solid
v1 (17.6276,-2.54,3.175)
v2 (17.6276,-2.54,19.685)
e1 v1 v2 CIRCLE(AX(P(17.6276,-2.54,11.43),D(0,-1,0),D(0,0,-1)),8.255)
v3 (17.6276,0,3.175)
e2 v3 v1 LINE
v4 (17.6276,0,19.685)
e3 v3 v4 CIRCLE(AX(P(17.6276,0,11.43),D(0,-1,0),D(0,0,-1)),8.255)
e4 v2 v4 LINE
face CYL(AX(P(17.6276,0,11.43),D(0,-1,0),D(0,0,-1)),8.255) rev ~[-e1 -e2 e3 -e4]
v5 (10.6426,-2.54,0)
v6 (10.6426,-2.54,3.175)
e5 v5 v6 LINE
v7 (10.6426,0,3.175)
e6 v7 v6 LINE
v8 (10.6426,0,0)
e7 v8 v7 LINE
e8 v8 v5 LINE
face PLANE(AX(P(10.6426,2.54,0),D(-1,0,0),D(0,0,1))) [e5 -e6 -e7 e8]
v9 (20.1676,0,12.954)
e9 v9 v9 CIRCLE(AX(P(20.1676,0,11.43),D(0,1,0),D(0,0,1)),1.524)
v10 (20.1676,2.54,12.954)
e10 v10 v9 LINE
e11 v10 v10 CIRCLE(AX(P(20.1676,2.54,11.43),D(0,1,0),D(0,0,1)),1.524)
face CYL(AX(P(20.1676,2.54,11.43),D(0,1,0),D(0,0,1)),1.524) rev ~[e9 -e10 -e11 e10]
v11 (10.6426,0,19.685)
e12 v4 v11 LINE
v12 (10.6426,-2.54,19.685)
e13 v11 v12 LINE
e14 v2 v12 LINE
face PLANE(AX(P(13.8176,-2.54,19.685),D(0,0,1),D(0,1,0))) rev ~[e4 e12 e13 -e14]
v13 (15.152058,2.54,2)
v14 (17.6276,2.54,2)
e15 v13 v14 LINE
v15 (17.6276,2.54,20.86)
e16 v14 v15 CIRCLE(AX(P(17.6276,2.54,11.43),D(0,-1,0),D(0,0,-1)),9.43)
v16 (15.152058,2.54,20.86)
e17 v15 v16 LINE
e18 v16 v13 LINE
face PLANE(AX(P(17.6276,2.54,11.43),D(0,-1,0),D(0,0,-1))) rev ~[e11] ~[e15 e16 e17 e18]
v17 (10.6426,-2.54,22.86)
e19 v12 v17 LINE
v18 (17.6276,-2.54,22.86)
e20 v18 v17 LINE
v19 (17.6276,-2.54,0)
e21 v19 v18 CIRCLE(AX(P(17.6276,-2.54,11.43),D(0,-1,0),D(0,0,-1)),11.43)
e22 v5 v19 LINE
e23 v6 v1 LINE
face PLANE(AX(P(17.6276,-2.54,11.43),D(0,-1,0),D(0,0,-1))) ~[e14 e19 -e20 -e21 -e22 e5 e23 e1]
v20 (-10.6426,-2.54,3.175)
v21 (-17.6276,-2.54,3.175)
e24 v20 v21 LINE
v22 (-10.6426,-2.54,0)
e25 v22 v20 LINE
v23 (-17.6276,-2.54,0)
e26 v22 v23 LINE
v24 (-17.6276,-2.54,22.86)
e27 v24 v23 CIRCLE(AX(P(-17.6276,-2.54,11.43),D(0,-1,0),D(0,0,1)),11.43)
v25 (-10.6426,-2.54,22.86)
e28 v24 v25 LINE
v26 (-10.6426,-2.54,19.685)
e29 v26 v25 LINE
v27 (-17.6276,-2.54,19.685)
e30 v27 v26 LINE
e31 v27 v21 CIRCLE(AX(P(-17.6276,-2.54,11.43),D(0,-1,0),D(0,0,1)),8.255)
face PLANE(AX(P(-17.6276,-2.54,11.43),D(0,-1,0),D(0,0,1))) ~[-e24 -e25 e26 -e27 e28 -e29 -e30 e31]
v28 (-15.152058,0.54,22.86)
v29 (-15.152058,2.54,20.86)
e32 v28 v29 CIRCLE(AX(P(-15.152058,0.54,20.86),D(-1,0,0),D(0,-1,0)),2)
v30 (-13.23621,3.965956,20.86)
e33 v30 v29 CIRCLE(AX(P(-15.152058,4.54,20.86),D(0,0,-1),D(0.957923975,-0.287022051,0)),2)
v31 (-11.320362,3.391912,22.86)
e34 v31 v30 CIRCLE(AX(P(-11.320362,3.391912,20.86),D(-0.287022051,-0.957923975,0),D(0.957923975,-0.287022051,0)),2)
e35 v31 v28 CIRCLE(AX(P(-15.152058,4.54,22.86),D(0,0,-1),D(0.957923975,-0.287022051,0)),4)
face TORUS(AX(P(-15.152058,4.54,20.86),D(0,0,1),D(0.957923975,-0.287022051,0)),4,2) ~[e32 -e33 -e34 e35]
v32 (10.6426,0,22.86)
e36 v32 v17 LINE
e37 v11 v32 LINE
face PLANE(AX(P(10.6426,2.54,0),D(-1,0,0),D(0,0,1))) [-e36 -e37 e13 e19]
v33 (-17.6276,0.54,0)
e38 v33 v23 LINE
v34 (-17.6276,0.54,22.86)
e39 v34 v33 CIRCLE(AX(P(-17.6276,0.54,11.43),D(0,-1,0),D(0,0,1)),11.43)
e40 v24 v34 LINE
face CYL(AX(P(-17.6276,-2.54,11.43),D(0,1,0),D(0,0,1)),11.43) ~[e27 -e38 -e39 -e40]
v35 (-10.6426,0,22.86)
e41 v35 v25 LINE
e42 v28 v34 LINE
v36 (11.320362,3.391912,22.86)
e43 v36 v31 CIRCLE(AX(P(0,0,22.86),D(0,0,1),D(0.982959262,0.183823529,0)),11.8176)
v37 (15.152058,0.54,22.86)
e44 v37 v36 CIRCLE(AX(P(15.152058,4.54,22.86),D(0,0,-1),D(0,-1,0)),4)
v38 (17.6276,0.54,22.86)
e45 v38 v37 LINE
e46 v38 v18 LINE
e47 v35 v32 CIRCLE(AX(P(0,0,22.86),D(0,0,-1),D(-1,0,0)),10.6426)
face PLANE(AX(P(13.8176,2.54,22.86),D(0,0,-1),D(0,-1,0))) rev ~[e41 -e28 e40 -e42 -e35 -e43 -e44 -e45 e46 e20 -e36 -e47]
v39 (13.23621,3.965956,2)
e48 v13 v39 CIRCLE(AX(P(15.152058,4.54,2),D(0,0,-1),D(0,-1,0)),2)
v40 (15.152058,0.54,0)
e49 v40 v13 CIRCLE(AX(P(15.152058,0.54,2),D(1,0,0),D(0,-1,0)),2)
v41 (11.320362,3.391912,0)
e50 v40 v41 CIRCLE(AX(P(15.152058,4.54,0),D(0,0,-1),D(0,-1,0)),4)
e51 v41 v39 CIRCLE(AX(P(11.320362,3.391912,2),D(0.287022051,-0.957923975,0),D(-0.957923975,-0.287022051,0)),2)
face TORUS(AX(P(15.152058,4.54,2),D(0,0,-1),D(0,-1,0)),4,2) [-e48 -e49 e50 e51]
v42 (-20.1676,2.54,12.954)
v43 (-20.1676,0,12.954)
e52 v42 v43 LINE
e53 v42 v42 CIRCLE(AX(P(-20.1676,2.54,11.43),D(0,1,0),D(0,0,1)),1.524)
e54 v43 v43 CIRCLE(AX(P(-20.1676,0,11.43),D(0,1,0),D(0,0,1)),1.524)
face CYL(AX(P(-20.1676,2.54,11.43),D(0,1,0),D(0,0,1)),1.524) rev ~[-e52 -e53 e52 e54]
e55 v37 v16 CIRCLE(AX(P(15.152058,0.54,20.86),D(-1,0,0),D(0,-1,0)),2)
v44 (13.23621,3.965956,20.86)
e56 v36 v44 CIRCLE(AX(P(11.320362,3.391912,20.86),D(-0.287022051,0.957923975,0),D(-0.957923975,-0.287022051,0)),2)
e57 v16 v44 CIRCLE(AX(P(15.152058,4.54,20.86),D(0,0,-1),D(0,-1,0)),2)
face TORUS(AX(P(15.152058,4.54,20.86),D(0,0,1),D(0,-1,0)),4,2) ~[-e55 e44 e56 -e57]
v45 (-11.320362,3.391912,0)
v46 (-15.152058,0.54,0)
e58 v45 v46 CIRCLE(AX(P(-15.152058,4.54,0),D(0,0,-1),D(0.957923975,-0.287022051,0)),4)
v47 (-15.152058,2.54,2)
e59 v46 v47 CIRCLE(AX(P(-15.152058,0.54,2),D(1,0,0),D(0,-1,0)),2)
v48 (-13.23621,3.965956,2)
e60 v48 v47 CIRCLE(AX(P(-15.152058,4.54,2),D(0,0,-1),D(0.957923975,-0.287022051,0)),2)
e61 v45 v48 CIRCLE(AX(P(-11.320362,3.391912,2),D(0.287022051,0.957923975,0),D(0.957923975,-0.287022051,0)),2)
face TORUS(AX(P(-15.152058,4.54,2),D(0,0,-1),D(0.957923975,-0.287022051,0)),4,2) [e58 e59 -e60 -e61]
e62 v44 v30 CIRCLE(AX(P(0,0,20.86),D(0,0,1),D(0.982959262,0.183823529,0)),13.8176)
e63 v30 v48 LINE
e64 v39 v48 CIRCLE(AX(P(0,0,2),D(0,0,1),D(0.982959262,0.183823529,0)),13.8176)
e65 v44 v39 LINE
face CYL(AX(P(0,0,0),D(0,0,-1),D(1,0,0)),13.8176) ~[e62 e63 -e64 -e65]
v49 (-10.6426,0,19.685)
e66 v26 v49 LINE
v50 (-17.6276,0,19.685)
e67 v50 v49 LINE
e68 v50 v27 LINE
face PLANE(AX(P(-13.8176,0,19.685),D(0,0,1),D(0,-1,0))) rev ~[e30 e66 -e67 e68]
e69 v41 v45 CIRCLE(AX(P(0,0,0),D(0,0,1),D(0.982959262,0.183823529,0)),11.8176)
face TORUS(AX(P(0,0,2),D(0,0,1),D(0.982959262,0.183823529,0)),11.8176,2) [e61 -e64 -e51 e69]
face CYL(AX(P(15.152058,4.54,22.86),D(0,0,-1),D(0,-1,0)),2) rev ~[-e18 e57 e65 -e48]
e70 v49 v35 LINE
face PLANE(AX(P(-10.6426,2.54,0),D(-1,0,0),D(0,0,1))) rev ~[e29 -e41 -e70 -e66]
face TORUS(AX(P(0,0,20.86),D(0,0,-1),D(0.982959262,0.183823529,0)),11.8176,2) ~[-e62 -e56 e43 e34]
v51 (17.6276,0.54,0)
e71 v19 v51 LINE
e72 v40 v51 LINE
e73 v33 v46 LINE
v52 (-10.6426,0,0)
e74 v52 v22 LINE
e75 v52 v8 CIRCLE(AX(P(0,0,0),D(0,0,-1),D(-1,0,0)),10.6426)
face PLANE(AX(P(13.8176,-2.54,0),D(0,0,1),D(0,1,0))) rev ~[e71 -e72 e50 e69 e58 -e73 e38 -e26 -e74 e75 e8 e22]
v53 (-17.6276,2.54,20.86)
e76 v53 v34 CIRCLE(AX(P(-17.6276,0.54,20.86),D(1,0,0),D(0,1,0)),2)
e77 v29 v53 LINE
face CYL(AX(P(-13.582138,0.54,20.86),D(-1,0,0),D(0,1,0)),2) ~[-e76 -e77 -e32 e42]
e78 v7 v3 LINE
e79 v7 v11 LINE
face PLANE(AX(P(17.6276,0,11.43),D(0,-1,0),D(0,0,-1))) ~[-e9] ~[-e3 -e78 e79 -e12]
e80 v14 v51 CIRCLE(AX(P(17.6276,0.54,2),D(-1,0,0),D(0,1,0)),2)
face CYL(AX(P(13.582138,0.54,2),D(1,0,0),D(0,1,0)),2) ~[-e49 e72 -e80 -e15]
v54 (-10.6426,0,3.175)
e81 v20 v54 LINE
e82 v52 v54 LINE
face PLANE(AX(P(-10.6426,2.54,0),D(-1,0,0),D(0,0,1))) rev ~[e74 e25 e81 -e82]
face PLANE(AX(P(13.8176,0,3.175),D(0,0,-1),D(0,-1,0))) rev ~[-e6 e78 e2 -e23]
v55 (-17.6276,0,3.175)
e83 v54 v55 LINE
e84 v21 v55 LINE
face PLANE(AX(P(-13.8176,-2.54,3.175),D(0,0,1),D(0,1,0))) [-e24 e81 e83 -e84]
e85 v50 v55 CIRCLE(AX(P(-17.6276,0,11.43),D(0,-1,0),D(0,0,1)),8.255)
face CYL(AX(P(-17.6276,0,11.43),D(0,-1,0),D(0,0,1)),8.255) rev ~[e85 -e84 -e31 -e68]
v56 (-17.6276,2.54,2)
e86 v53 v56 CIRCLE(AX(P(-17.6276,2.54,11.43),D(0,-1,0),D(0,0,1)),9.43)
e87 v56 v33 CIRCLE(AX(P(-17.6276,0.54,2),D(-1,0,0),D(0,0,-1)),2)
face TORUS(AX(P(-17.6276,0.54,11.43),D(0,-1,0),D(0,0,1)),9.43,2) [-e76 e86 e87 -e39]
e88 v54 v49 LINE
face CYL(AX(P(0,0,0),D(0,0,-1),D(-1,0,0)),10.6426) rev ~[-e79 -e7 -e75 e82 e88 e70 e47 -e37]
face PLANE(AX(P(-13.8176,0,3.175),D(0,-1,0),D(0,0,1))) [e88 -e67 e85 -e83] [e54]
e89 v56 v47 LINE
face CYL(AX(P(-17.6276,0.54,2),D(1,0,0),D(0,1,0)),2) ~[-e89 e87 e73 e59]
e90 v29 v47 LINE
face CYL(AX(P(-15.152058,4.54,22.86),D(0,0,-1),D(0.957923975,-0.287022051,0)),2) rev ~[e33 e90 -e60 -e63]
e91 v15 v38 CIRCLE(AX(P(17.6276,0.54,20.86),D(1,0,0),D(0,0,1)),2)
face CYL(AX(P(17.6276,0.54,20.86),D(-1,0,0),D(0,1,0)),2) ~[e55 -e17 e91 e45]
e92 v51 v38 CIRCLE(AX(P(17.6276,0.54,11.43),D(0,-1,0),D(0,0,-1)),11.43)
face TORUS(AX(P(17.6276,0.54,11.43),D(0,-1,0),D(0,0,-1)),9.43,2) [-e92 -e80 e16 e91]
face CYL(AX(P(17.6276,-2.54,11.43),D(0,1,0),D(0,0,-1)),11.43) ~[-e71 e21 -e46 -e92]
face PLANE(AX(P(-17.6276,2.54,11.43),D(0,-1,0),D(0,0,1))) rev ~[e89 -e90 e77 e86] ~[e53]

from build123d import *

# Parameters (mm, degrees)
BOSS_EXTRUDE1_DEPTH      = 22.86
BOSS_EXTRUDE8_DEPTH      = 2.54
BOSS_EXTRUDE8_DEPTH_BACK = 2.54
SKETCH9_W                = 3.175
SKETCH9_H                = 22.86
BOSS_EXTRUDE9_DEPTH      = 2.54
BOSS_EXTRUDE9_DEPTH_BACK = 2.54
SKETCH10_W               = 3.175
SKETCH10_H               = 22.86
BOSS_EXTRUDE10_DEPTH     = 3.81
BOSS_EXTRUDE11_DEPTH     = 3.81
REVOLVE1_ANGLE           = 180
REVOLVE2_ANGLE           = 180
SKETCH22_W               = 16.51
SKETCH22_H               = 2.54
CUT_EXTRUDE1_DEPTH       = 3.81
SKETCH23_W               = 16.51
SKETCH23_H               = 2.54
CUT_EXTRUDE2_DEPTH       = 3.81
SKETCH24_R               = 1.524
CUT_EXTRUDE3_DEPTH       = 3.81
FILLET1_R                = 2


with BuildPart() as part:
    # Sketch1 → Boss-Extrude1 (new body)
    with BuildSketch(Plane.XY):
        with BuildLine():
            Line((-13.8176, 0), (-10.6426, 0))
            ThreePointArc((-10.6426, 0), (0, 10.6426), (10.6426, 0))
            Line((10.6426, 0), (13.8176, 0))
            ThreePointArc((13.8176, 0), (0, 13.8176), (-13.8176, 0))
        make_face()
    extrude(amount=BOSS_EXTRUDE1_DEPTH)

    # Sketch9 → Boss-Extrude8 (add, two sides: drawn at the far end of the back side and taken through both)
    with BuildSketch(Plane.XZ.offset(-BOSS_EXTRUDE8_DEPTH_BACK)):
        with Locations((-12.2301, 11.43)):
            Rectangle(SKETCH9_W, SKETCH9_H)
    extrude(amount=BOSS_EXTRUDE8_DEPTH + BOSS_EXTRUDE8_DEPTH_BACK)

    # Sketch10 → Boss-Extrude9 (add, two sides: drawn at the far end of the back side and taken through both)
    with BuildSketch(Plane.XZ.offset(-BOSS_EXTRUDE9_DEPTH_BACK)):
        with Locations((12.2301, 11.43)):
            Rectangle(SKETCH10_W, SKETCH10_H)
    extrude(amount=BOSS_EXTRUDE9_DEPTH + BOSS_EXTRUDE9_DEPTH_BACK)

    # Sketch11 → Boss-Extrude10 (add)
    with BuildSketch(Plane.ZY.offset(13.8176)):
        Polygon((22.86, 2.54), (0, 2.54), (0, 0), (0, -2.54), (3.175, -2.54), (3.175, 0), (19.685, 0), (19.685, -2.54), (22.86, -2.54), align=None)
    extrude(amount=BOSS_EXTRUDE10_DEPTH)

    # Sketch19 → Boss-Extrude11 (add)
    with BuildSketch(Plane(origin=(13.8176, 0, 0), x_dir=(0, 0, -1), z_dir=(1, 0, 0))):
        Polygon((-19.685, -2.54), (-19.685, 0), (-3.175, 0), (-3.175, -2.54), (0, -2.54), (0, 2.54), (-22.86, 2.54), (-22.86, -2.54), align=None)
    extrude(amount=BOSS_EXTRUDE11_DEPTH)

    # Sketch20 → Revolve1 (revolve)
    with BuildSketch(Plane.ZY.offset(17.6276)):
        Polygon((11.43, 2.54), (11.43, 0), (19.685, 0), (19.685, -2.54), (22.86, -2.54), (22.86, 2.54), align=None)
    revolve(axis=Axis((-17.6276, 2.54, 11.43), (0, -1, 0)), revolution_arc=REVOLVE1_ANGLE)

    # Sketch21 → Revolve2 (revolve)
    with BuildSketch(Plane(origin=(17.6276, 0, 0), x_dir=(0, 0, -1), z_dir=(1, 0, 0))):
        Polygon((-11.43, 2.54), (-11.43, 0), (-3.175, 0), (-3.175, -2.54), (0, -2.54), (0, 2.54), align=None)
    revolve(axis=Axis((17.6276, 2.54, 11.43), (0, -1, 0)), revolution_arc=REVOLVE2_ANGLE)

    # Sketch22 → Cut-Extrude1 (cut)
    with BuildSketch(Plane.ZY.offset(13.8176)):
        with Locations((11.43, -1.27)):
            Rectangle(SKETCH22_W, SKETCH22_H)
    extrude(amount=-CUT_EXTRUDE1_DEPTH, mode=Mode.SUBTRACT)

    # Sketch23 → Cut-Extrude2 (cut)
    with BuildSketch(Plane(origin=(13.8176, 0, 0), x_dir=(0, 0, -1), z_dir=(1, 0, 0))):
        with Locations((-11.43, -1.27)):
            Rectangle(SKETCH23_W, SKETCH23_H)
    extrude(amount=-CUT_EXTRUDE2_DEPTH, mode=Mode.SUBTRACT)

    # Sketch24 → Cut-Extrude3 (cut)
    with BuildSketch(Plane(origin=(0, 2.54, 0), x_dir=(1, 0, 0), z_dir=(0, 1, 0))):
        with Locations((-20.1676, -11.43)):
            Circle(SKETCH24_R)
        with Locations((20.1676, -11.43)):
            Circle(SKETCH24_R)
    extrude(amount=-CUT_EXTRUDE3_DEPTH, mode=Mode.SUBTRACT)

    # Fillet1
    fillet1_edges = [part.edges().sort_by_distance(p)[0] for p in [
        (0, 13.8176, 0),
        (0, 13.8176, 22.86),
        (15.604868947, 2.54, 22.86),
        (15.604868947, 2.54, 0),
        (-15.604868947, 2.54, 0),
        (-15.604868947, 2.54, 22.86),
        (13.582137894, 2.54, 11.43),
        (-13.582137894, 2.54, 11.43),
        (29.0576, 2.54, 11.43),
        (-29.0576, 2.54, 11.43),
    ]]
    fillet(fillet1_edges, radius=FILLET1_R)


solid = part.part
